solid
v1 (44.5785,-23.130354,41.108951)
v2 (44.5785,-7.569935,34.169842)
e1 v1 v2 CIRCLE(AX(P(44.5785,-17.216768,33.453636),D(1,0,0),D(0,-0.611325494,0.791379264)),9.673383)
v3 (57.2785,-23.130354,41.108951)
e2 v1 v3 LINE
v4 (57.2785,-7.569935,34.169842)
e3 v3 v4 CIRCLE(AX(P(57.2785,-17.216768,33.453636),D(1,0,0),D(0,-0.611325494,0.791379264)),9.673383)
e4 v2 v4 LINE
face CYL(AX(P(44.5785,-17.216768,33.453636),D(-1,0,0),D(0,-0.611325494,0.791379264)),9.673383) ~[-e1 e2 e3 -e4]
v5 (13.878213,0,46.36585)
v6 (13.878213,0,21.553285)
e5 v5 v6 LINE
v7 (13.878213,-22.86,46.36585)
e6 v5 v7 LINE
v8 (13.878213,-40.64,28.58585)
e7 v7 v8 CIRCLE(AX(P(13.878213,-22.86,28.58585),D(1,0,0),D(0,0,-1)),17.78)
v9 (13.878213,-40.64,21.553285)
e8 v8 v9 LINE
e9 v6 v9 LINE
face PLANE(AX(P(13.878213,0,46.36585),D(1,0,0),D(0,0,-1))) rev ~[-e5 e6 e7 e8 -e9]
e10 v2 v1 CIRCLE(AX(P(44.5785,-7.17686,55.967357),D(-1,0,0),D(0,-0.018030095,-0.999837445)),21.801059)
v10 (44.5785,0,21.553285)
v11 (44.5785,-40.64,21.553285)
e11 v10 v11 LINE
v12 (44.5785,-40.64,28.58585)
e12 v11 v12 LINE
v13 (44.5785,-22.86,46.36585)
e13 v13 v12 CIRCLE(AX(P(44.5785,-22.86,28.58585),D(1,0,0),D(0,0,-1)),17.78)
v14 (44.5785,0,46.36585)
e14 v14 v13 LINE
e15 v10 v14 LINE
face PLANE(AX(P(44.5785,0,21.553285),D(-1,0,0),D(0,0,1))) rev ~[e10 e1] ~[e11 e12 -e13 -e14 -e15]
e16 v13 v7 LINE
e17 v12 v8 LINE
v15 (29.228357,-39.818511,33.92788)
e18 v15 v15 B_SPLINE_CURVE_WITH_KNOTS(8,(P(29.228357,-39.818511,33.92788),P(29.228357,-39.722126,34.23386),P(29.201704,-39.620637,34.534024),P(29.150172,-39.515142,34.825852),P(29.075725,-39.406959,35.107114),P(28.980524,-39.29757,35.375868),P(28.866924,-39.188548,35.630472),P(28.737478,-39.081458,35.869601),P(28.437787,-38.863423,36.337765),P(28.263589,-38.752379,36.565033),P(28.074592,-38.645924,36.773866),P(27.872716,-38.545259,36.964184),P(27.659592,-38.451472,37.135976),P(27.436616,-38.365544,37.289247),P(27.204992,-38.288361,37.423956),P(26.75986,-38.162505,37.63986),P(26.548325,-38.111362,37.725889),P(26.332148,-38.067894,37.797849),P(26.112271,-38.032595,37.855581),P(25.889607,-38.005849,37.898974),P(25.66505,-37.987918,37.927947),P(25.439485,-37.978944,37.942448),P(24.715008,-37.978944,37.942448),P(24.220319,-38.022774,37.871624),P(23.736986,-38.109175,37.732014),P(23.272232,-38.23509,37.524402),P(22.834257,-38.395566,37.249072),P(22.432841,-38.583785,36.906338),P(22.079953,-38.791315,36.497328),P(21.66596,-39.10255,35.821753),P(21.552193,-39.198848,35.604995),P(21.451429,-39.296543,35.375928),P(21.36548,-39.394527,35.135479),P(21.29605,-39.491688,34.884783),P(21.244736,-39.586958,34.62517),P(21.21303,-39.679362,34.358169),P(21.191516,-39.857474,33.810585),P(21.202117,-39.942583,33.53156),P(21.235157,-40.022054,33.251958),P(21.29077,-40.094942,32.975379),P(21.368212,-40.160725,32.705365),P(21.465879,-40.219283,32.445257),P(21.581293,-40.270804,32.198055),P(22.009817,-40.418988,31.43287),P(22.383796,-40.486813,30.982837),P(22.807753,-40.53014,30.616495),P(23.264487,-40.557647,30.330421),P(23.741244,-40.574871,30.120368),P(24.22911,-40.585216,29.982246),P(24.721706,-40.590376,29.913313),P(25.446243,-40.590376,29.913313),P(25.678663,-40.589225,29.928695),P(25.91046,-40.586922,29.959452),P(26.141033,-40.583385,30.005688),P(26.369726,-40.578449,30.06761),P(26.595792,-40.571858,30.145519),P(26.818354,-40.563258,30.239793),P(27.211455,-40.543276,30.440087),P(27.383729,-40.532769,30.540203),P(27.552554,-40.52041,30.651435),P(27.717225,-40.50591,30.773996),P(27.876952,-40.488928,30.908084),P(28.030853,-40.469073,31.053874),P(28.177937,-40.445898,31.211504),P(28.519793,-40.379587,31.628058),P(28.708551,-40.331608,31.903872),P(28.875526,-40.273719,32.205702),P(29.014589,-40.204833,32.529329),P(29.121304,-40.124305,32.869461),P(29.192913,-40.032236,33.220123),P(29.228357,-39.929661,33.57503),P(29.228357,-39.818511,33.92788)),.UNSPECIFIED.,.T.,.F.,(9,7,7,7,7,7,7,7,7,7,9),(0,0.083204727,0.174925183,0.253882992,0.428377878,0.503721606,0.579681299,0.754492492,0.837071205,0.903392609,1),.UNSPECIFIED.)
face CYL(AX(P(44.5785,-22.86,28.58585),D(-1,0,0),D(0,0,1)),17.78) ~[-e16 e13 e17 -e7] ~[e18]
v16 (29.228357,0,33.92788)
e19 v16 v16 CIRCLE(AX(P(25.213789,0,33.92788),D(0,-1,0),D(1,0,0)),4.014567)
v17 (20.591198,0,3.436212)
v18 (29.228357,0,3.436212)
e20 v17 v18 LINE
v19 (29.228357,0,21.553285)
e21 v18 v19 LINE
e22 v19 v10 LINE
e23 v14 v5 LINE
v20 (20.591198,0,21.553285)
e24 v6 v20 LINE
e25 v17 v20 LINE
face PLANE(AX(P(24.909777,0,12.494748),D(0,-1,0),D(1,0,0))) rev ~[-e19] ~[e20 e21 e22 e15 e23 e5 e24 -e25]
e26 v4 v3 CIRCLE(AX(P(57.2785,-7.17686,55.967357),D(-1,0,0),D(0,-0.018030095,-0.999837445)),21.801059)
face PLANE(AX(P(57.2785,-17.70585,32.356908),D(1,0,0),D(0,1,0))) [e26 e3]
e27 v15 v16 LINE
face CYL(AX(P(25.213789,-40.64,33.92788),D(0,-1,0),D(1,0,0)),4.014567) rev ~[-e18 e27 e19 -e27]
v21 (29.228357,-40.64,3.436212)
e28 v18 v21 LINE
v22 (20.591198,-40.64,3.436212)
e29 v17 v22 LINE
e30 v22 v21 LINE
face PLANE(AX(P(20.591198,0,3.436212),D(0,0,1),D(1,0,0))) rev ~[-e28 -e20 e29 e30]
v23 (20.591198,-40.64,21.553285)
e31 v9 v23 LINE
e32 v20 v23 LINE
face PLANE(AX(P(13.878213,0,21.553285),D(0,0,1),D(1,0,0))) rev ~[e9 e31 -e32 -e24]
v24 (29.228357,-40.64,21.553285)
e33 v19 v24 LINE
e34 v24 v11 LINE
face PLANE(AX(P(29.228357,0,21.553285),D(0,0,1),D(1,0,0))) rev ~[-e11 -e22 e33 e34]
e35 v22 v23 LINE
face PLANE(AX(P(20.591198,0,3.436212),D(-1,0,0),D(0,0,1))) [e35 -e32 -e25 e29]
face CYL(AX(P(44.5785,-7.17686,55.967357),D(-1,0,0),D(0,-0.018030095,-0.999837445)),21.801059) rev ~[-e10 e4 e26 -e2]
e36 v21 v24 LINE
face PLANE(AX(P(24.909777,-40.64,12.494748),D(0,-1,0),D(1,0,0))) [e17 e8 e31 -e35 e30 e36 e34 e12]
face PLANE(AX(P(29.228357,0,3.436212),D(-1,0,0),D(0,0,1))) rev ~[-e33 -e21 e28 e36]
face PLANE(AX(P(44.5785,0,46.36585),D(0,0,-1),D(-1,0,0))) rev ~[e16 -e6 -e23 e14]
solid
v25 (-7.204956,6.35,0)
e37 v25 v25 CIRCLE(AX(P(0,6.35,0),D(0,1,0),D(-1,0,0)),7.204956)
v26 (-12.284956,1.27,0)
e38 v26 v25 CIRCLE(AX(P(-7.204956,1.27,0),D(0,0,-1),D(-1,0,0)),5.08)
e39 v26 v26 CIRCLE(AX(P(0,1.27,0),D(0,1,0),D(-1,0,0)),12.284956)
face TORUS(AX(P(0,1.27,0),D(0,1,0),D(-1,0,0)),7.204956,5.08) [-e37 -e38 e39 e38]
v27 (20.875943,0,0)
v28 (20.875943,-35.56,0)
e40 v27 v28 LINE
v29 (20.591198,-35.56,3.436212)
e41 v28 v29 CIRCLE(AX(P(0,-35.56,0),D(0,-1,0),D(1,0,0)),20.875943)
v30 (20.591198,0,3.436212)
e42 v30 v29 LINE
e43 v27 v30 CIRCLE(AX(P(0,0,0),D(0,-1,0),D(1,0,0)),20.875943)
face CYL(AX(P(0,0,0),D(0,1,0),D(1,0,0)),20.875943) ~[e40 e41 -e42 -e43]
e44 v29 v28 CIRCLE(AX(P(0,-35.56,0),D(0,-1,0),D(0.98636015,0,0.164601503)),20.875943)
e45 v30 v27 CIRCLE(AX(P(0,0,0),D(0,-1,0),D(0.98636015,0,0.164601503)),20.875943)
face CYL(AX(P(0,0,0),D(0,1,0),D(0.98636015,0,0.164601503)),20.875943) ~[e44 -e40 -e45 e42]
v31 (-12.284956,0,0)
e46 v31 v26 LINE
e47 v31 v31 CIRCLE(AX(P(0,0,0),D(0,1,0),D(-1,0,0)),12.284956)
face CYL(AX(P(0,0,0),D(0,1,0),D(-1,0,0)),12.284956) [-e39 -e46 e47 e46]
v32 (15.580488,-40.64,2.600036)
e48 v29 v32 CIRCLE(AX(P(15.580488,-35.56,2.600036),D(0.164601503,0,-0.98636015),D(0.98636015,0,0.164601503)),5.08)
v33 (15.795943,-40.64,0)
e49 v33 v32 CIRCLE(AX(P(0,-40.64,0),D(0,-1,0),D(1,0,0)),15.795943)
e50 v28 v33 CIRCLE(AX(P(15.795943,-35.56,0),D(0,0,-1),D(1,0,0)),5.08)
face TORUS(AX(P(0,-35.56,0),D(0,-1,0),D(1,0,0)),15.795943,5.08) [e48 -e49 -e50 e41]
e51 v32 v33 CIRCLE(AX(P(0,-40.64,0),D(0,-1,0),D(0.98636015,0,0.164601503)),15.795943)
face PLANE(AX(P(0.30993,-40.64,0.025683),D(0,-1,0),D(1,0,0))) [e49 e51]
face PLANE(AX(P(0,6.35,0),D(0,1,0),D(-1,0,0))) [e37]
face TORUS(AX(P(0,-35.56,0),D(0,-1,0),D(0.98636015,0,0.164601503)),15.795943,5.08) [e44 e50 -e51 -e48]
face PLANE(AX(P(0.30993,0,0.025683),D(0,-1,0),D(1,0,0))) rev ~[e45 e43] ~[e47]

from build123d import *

# Parameters (mm, degrees)
F1_DEPTH  = 40.64
F0_W      = 8.6371588569
F0_H      = 18.1170738973
F2_R      = 5.08
F3_R      = 12.2849564613
F4_DEPTH  = 6.35
F5_R      = 5.08
F6_R      = 17.78
F8_DEPTH  = 12.7
F9_R      = 4.014567472
F10_DEPTH = 46.991


with BuildPart() as f1:
    # F0 (on Front) → F1 (new body)
    with BuildSketch(Plane.XZ):
        with BuildLine():
            ThreePointArc((20.59119781, 3.4362115226), (-20.8046345697, -1.7239945757), (20.8759425387, 0))
            ThreePointArc((20.8759425387, 0), (20.8046345697, 1.7239945757), (20.59119781, 3.4362115226))
        make_face()
    extrude(amount=F1_DEPTH)

    # F2
    f2_edges = [f1.edges().sort_by_distance(p)[0] for p in [
        (-20.875943, -40.64, 0),
    ]]
    fillet(f2_edges, radius=F2_R)

    # F3 (on face) → F4 (join, symmetric)
    with BuildSketch(Plane(origin=(0, 0, 0), x_dir=(-1, 0, 0), z_dir=(0, 1, 0))):
        Circle(F3_R)
    extrude(amount=F4_DEPTH, both=True)

    # F5
    f5_edges = [f1.edges().sort_by_distance(p)[0] for p in [
        (12.284956, 6.35, 0),
    ]]
    fillet(f5_edges, radius=F5_R)


with BuildPart() as f1b:
    # F0 (on Front) → F1, piece 2 (new body)
    with BuildSketch(Plane.XZ):
        with Locations((24.9097772384, 12.4947484713)):
            Rectangle(F0_W, F0_H)
        Polygon((13.8782132417, 21.5532854199), (20.59119781, 21.5532854199), (29.2283566669, 21.5532854199), (44.578500092, 21.5532854199), (44.578500092, 46.3658496737), (13.8782132417, 46.3658496737), align=None)
    extrude(amount=F1_DEPTH)

    # F6
    f6_edges = [f1b.edges().sort_by_distance(p)[0] for p in [
        (29.228357, -40.64, 46.36585),
    ]]
    fillet(f6_edges, radius=F6_R)

    # F7 (on face) → F8 (join)
    with BuildSketch(Plane.YZ.offset(44.578500092)):
        with BuildLine():
            ThreePointArc((-7.5699351728, 34.1698415577), (-16.0560709471, 36.0564102607), (-23.1303535402, 41.1089509726))
            ThreePointArc((-23.1303535402, 41.1089509726), (-21.1565768964, 24.6189185437), (-7.5699351728, 34.1698415577))
        make_face()
    extrude(amount=F8_DEPTH)

    # F9 (on face) → F10 (cut, through all)
    with BuildSketch(Plane.XZ.offset(40.64)):
        with Locations((25.2137891948, 33.9278802276)):
            Circle(F9_R)
    extrude(amount=-F10_DEPTH, mode=Mode.SUBTRACT)


solid = Compound([f1.part, f1b.part])
